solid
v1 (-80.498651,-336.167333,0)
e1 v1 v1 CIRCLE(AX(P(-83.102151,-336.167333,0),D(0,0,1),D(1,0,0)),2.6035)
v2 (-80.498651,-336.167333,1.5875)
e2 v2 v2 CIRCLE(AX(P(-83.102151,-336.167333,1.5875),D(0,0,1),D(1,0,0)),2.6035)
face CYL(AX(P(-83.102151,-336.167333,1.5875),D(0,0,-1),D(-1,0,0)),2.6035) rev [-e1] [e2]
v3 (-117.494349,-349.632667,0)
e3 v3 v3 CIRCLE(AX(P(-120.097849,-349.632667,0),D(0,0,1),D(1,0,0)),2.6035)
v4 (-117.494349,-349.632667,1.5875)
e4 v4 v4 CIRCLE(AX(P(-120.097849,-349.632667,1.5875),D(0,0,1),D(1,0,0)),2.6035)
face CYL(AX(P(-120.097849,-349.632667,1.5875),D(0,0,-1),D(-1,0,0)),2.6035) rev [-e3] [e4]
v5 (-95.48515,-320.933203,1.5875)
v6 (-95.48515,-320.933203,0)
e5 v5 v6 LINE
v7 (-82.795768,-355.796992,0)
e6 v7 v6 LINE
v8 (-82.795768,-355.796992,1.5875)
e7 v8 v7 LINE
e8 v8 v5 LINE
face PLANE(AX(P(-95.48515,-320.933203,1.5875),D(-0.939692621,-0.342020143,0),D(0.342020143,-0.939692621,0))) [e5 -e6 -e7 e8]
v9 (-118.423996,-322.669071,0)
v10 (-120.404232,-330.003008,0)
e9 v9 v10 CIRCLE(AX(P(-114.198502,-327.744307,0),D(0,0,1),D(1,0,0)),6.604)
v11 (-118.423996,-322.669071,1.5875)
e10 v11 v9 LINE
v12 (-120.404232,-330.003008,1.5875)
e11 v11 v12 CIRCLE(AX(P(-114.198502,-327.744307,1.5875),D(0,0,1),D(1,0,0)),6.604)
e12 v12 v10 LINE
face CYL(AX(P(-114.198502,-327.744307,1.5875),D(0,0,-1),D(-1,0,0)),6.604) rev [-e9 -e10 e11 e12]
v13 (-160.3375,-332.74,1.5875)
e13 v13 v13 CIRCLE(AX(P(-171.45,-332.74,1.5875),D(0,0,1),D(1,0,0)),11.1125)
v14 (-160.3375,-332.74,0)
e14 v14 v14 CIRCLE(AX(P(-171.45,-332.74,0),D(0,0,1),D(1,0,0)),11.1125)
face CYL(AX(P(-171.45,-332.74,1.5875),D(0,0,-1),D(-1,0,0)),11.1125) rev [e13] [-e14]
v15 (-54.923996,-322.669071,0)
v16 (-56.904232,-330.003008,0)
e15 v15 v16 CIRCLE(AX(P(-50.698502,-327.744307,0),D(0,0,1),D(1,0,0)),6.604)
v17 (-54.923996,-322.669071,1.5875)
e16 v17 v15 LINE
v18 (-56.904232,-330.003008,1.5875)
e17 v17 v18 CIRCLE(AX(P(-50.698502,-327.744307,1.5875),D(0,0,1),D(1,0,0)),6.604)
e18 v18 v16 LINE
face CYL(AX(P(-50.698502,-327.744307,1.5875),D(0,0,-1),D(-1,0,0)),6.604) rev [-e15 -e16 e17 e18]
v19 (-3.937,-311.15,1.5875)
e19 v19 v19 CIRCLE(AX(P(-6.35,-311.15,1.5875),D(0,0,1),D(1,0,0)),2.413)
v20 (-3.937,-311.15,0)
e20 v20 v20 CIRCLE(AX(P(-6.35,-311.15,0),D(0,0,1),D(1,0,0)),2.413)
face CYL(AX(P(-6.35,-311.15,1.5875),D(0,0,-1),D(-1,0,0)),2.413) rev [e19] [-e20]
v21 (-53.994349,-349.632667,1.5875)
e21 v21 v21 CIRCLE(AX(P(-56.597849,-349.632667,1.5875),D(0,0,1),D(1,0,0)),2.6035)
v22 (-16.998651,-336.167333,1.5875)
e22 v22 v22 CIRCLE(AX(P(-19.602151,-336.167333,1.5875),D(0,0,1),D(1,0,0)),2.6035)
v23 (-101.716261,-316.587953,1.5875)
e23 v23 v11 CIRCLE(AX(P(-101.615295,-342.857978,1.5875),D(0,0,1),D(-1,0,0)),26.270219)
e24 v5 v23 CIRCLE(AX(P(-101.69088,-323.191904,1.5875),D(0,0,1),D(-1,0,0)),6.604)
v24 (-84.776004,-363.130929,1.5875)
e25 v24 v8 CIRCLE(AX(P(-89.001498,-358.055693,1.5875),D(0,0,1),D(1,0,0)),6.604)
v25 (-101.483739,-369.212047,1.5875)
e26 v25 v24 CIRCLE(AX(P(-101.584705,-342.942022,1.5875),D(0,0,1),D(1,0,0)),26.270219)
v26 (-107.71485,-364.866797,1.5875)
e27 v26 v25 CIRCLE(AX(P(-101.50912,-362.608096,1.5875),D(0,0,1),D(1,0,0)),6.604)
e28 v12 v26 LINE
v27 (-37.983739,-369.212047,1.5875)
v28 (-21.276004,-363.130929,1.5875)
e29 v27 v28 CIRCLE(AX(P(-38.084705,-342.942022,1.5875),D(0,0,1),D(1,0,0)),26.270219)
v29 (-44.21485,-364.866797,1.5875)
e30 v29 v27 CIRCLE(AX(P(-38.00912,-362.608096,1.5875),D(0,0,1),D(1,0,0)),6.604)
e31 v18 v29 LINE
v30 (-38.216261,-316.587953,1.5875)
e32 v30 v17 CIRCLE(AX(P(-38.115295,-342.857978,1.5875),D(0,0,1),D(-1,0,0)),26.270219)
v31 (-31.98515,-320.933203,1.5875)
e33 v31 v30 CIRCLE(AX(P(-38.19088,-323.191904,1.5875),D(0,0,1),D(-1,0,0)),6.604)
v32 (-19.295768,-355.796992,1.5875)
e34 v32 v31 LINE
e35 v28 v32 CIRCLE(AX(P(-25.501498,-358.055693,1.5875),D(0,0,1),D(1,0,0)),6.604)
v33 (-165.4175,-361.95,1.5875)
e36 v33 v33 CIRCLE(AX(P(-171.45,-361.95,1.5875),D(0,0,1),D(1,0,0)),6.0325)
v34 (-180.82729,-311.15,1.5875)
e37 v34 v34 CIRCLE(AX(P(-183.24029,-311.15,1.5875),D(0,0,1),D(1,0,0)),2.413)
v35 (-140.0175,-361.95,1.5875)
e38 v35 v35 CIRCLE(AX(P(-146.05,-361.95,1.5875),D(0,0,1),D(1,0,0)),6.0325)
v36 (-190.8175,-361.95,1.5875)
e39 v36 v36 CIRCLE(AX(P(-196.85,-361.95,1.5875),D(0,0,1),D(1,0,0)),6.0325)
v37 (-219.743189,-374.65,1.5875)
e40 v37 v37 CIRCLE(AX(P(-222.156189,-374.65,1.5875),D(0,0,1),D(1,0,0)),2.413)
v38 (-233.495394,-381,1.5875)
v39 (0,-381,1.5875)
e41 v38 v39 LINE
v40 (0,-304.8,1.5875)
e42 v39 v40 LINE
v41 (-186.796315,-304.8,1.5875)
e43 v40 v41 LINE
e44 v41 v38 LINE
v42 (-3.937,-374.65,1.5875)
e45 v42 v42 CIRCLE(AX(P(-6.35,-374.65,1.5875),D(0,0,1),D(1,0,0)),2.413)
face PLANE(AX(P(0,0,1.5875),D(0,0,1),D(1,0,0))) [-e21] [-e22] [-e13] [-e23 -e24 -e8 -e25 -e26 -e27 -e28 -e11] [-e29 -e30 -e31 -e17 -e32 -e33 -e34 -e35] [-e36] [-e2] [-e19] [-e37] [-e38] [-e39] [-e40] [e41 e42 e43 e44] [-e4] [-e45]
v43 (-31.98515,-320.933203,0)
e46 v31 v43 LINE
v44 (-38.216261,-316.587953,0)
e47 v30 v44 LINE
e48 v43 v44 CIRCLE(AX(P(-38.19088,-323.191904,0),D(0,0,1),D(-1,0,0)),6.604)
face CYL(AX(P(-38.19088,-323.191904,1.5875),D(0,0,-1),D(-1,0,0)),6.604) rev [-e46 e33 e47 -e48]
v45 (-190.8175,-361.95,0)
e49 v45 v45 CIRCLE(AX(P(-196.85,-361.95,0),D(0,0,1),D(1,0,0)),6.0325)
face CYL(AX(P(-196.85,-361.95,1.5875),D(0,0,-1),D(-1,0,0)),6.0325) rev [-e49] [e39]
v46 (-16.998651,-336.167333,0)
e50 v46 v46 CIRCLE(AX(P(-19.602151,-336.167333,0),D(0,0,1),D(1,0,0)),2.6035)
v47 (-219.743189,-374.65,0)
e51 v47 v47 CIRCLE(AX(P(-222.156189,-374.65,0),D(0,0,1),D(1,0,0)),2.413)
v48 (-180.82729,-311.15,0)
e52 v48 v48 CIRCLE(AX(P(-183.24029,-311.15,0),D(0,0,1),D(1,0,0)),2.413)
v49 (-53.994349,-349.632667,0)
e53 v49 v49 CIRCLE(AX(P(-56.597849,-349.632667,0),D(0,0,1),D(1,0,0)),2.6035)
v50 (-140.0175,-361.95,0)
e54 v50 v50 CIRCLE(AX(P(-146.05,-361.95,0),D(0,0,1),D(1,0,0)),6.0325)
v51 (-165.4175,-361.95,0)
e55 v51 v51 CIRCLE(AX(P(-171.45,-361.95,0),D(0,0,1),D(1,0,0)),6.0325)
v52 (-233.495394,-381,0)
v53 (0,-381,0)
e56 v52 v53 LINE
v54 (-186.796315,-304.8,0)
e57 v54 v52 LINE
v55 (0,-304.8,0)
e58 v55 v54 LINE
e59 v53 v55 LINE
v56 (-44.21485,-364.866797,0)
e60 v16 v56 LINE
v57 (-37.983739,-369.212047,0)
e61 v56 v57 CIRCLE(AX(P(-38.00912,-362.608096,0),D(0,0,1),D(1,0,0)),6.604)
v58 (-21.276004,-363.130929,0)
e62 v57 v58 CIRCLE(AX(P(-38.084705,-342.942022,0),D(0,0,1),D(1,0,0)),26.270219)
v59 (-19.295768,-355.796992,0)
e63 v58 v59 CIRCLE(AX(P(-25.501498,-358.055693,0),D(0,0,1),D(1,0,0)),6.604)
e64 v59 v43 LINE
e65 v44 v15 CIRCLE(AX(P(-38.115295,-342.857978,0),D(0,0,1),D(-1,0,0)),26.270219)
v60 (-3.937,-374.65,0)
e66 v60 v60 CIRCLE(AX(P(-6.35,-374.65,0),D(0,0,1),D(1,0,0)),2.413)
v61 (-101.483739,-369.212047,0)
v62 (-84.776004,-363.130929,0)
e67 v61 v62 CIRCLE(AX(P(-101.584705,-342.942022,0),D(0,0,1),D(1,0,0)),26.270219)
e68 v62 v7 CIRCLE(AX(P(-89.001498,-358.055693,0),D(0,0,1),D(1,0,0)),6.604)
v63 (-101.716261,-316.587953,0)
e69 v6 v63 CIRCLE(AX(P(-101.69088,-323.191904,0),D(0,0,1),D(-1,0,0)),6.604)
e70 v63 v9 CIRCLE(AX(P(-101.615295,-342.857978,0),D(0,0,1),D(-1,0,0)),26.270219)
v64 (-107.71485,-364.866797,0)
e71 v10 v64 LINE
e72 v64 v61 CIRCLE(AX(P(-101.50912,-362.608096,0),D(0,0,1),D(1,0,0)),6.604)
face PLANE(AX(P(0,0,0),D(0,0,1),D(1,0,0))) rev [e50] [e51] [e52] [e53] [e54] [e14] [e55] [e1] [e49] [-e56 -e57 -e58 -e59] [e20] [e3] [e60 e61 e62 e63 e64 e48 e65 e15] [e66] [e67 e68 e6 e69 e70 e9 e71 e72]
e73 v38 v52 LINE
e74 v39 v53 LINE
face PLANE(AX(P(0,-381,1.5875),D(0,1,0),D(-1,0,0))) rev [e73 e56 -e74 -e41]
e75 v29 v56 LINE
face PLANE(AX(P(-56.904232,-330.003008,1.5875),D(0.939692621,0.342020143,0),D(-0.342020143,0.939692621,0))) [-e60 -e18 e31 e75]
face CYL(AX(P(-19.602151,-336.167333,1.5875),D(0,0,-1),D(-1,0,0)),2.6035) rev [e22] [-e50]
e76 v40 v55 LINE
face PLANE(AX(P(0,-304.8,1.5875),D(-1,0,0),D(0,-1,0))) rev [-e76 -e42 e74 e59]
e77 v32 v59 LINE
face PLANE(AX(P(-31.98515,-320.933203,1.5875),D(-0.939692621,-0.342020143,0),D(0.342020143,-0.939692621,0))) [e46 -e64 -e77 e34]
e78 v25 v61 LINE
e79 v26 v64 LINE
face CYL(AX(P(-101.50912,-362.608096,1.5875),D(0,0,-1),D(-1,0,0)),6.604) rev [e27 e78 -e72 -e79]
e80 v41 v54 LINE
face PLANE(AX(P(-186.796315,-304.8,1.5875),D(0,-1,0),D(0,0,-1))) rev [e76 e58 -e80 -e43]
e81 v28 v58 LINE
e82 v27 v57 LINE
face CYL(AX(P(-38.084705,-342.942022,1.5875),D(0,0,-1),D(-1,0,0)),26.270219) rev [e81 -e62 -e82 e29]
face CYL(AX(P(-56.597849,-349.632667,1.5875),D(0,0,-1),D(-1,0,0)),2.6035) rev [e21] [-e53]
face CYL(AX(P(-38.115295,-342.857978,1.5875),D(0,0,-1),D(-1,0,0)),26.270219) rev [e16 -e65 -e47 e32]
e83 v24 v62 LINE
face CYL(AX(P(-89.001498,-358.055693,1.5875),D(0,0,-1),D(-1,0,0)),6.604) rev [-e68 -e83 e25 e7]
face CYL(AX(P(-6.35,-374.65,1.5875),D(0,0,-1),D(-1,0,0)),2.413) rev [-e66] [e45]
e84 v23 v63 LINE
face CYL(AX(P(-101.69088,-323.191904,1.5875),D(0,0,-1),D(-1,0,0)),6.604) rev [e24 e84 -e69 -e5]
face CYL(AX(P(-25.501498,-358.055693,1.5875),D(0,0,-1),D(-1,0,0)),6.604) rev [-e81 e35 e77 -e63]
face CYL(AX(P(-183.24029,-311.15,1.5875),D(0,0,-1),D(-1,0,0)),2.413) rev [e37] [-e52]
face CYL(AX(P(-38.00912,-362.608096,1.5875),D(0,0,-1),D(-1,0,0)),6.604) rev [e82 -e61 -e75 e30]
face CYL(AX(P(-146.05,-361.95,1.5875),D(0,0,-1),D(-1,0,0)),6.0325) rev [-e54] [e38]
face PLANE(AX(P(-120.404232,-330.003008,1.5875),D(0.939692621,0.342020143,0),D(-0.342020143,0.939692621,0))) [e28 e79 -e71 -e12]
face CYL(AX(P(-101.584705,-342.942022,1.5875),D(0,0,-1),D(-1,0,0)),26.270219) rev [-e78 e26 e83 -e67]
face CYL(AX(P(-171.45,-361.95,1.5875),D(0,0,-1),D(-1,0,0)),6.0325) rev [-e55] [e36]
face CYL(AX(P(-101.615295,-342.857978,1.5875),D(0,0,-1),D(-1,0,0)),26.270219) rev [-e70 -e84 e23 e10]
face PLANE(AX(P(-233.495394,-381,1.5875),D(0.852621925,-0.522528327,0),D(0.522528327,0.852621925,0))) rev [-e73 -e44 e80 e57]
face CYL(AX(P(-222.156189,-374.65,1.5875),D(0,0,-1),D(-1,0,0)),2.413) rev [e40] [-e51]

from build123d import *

# Parameters (mm, degrees)
SKETCH1_R   = 11.1125
SKETCH1_R_2 = 6.0325
SKETCH1_R_3 = 2.413
SKETCH1_R_4 = 2.6035
PANEL_DEPTH = 1.5875


with BuildPart() as part:
    # Sketch1 → Panel (new body)
    with BuildSketch(Plane.XY):
        Polygon((-233.495394339, -381), (-186.796315472, -304.8), (0, -304.8), (0, -381), align=None)
        with Locations((-171.45, -332.74)):
            Circle(SKETCH1_R, mode=Mode.SUBTRACT)
        with Locations((-196.85, -361.95)):
            Circle(SKETCH1_R_2, mode=Mode.SUBTRACT)
        with Locations((-171.45, -361.95)):
            Circle(SKETCH1_R_2, mode=Mode.SUBTRACT)
        with Locations((-146.05, -361.95)):
            Circle(SKETCH1_R_2, mode=Mode.SUBTRACT)
        with Locations((-6.35, -311.15)):
            Circle(SKETCH1_R_3, mode=Mode.SUBTRACT)
        with Locations((-6.35, -374.65)):
            Circle(SKETCH1_R_3, mode=Mode.SUBTRACT)
        with Locations((-222.156189245, -374.65)):
            Circle(SKETCH1_R_3, mode=Mode.SUBTRACT)
        with Locations((-183.240290189, -311.15)):
            Circle(SKETCH1_R_3, mode=Mode.SUBTRACT)
        with Locations((-19.60215076, -336.167333479)):
            Circle(SKETCH1_R_4, mode=Mode.SUBTRACT)
        with Locations((-56.59784924, -349.632666521)):
            Circle(SKETCH1_R_4, mode=Mode.SUBTRACT)
        with Locations((-83.10215076, -336.167333479)):
            Circle(SKETCH1_R_4, mode=Mode.SUBTRACT)
        with Locations((-120.09784924, -349.632666521)):
            Circle(SKETCH1_R_4, mode=Mode.SUBTRACT)
        with BuildLine():
            Line((-56.904231841, -330.003007558), (-44.214850365, -364.866796631))
            ThreePointArc((-44.214850365, -364.866796631), (-41.786616314, -368.025044915), (-37.983738549, -369.212046828))
            ThreePointArc((-37.983738549, -369.212046828), (-29.099761225, -367.627952805), (-21.276003752, -363.13092868))
            ThreePointArc((-21.276003752, -363.13092868), (-19.125820494, -359.777189752), (-19.295768159, -355.796992442))
            Line((-19.295768159, -355.796992442), (-31.985149635, -320.933203369))
            ThreePointArc((-31.985149635, -320.933203369), (-34.413383686, -317.774955085), (-38.216261451, -316.587953172))
            ThreePointArc((-38.216261451, -316.587953172), (-47.100238775, -318.172047195), (-54.923996248, -322.66907132))
            ThreePointArc((-54.923996248, -322.66907132), (-57.074179506, -326.022810248), (-56.904231841, -330.003007558))
        make_face(mode=Mode.SUBTRACT)
        with BuildLine():
            Line((-120.404231841, -330.003007558), (-107.714850365, -364.866796631))
            ThreePointArc((-107.714850365, -364.866796631), (-105.286616314, -368.025044915), (-101.483738549, -369.212046828))
            ThreePointArc((-101.483738549, -369.212046828), (-92.599761225, -367.627952805), (-84.776003752, -363.13092868))
            ThreePointArc((-84.776003752, -363.13092868), (-82.625820494, -359.777189752), (-82.795768159, -355.796992442))
            Line((-82.795768159, -355.796992442), (-95.485149635, -320.933203369))
            ThreePointArc((-95.485149635, -320.933203369), (-97.913383686, -317.774955085), (-101.716261451, -316.587953172))
            ThreePointArc((-101.716261451, -316.587953172), (-110.600238775, -318.172047195), (-118.423996248, -322.66907132))
            ThreePointArc((-118.423996248, -322.66907132), (-120.574179506, -326.022810248), (-120.404231841, -330.003007558))
        make_face(mode=Mode.SUBTRACT)
    extrude(amount=PANEL_DEPTH)


solid = part.part
